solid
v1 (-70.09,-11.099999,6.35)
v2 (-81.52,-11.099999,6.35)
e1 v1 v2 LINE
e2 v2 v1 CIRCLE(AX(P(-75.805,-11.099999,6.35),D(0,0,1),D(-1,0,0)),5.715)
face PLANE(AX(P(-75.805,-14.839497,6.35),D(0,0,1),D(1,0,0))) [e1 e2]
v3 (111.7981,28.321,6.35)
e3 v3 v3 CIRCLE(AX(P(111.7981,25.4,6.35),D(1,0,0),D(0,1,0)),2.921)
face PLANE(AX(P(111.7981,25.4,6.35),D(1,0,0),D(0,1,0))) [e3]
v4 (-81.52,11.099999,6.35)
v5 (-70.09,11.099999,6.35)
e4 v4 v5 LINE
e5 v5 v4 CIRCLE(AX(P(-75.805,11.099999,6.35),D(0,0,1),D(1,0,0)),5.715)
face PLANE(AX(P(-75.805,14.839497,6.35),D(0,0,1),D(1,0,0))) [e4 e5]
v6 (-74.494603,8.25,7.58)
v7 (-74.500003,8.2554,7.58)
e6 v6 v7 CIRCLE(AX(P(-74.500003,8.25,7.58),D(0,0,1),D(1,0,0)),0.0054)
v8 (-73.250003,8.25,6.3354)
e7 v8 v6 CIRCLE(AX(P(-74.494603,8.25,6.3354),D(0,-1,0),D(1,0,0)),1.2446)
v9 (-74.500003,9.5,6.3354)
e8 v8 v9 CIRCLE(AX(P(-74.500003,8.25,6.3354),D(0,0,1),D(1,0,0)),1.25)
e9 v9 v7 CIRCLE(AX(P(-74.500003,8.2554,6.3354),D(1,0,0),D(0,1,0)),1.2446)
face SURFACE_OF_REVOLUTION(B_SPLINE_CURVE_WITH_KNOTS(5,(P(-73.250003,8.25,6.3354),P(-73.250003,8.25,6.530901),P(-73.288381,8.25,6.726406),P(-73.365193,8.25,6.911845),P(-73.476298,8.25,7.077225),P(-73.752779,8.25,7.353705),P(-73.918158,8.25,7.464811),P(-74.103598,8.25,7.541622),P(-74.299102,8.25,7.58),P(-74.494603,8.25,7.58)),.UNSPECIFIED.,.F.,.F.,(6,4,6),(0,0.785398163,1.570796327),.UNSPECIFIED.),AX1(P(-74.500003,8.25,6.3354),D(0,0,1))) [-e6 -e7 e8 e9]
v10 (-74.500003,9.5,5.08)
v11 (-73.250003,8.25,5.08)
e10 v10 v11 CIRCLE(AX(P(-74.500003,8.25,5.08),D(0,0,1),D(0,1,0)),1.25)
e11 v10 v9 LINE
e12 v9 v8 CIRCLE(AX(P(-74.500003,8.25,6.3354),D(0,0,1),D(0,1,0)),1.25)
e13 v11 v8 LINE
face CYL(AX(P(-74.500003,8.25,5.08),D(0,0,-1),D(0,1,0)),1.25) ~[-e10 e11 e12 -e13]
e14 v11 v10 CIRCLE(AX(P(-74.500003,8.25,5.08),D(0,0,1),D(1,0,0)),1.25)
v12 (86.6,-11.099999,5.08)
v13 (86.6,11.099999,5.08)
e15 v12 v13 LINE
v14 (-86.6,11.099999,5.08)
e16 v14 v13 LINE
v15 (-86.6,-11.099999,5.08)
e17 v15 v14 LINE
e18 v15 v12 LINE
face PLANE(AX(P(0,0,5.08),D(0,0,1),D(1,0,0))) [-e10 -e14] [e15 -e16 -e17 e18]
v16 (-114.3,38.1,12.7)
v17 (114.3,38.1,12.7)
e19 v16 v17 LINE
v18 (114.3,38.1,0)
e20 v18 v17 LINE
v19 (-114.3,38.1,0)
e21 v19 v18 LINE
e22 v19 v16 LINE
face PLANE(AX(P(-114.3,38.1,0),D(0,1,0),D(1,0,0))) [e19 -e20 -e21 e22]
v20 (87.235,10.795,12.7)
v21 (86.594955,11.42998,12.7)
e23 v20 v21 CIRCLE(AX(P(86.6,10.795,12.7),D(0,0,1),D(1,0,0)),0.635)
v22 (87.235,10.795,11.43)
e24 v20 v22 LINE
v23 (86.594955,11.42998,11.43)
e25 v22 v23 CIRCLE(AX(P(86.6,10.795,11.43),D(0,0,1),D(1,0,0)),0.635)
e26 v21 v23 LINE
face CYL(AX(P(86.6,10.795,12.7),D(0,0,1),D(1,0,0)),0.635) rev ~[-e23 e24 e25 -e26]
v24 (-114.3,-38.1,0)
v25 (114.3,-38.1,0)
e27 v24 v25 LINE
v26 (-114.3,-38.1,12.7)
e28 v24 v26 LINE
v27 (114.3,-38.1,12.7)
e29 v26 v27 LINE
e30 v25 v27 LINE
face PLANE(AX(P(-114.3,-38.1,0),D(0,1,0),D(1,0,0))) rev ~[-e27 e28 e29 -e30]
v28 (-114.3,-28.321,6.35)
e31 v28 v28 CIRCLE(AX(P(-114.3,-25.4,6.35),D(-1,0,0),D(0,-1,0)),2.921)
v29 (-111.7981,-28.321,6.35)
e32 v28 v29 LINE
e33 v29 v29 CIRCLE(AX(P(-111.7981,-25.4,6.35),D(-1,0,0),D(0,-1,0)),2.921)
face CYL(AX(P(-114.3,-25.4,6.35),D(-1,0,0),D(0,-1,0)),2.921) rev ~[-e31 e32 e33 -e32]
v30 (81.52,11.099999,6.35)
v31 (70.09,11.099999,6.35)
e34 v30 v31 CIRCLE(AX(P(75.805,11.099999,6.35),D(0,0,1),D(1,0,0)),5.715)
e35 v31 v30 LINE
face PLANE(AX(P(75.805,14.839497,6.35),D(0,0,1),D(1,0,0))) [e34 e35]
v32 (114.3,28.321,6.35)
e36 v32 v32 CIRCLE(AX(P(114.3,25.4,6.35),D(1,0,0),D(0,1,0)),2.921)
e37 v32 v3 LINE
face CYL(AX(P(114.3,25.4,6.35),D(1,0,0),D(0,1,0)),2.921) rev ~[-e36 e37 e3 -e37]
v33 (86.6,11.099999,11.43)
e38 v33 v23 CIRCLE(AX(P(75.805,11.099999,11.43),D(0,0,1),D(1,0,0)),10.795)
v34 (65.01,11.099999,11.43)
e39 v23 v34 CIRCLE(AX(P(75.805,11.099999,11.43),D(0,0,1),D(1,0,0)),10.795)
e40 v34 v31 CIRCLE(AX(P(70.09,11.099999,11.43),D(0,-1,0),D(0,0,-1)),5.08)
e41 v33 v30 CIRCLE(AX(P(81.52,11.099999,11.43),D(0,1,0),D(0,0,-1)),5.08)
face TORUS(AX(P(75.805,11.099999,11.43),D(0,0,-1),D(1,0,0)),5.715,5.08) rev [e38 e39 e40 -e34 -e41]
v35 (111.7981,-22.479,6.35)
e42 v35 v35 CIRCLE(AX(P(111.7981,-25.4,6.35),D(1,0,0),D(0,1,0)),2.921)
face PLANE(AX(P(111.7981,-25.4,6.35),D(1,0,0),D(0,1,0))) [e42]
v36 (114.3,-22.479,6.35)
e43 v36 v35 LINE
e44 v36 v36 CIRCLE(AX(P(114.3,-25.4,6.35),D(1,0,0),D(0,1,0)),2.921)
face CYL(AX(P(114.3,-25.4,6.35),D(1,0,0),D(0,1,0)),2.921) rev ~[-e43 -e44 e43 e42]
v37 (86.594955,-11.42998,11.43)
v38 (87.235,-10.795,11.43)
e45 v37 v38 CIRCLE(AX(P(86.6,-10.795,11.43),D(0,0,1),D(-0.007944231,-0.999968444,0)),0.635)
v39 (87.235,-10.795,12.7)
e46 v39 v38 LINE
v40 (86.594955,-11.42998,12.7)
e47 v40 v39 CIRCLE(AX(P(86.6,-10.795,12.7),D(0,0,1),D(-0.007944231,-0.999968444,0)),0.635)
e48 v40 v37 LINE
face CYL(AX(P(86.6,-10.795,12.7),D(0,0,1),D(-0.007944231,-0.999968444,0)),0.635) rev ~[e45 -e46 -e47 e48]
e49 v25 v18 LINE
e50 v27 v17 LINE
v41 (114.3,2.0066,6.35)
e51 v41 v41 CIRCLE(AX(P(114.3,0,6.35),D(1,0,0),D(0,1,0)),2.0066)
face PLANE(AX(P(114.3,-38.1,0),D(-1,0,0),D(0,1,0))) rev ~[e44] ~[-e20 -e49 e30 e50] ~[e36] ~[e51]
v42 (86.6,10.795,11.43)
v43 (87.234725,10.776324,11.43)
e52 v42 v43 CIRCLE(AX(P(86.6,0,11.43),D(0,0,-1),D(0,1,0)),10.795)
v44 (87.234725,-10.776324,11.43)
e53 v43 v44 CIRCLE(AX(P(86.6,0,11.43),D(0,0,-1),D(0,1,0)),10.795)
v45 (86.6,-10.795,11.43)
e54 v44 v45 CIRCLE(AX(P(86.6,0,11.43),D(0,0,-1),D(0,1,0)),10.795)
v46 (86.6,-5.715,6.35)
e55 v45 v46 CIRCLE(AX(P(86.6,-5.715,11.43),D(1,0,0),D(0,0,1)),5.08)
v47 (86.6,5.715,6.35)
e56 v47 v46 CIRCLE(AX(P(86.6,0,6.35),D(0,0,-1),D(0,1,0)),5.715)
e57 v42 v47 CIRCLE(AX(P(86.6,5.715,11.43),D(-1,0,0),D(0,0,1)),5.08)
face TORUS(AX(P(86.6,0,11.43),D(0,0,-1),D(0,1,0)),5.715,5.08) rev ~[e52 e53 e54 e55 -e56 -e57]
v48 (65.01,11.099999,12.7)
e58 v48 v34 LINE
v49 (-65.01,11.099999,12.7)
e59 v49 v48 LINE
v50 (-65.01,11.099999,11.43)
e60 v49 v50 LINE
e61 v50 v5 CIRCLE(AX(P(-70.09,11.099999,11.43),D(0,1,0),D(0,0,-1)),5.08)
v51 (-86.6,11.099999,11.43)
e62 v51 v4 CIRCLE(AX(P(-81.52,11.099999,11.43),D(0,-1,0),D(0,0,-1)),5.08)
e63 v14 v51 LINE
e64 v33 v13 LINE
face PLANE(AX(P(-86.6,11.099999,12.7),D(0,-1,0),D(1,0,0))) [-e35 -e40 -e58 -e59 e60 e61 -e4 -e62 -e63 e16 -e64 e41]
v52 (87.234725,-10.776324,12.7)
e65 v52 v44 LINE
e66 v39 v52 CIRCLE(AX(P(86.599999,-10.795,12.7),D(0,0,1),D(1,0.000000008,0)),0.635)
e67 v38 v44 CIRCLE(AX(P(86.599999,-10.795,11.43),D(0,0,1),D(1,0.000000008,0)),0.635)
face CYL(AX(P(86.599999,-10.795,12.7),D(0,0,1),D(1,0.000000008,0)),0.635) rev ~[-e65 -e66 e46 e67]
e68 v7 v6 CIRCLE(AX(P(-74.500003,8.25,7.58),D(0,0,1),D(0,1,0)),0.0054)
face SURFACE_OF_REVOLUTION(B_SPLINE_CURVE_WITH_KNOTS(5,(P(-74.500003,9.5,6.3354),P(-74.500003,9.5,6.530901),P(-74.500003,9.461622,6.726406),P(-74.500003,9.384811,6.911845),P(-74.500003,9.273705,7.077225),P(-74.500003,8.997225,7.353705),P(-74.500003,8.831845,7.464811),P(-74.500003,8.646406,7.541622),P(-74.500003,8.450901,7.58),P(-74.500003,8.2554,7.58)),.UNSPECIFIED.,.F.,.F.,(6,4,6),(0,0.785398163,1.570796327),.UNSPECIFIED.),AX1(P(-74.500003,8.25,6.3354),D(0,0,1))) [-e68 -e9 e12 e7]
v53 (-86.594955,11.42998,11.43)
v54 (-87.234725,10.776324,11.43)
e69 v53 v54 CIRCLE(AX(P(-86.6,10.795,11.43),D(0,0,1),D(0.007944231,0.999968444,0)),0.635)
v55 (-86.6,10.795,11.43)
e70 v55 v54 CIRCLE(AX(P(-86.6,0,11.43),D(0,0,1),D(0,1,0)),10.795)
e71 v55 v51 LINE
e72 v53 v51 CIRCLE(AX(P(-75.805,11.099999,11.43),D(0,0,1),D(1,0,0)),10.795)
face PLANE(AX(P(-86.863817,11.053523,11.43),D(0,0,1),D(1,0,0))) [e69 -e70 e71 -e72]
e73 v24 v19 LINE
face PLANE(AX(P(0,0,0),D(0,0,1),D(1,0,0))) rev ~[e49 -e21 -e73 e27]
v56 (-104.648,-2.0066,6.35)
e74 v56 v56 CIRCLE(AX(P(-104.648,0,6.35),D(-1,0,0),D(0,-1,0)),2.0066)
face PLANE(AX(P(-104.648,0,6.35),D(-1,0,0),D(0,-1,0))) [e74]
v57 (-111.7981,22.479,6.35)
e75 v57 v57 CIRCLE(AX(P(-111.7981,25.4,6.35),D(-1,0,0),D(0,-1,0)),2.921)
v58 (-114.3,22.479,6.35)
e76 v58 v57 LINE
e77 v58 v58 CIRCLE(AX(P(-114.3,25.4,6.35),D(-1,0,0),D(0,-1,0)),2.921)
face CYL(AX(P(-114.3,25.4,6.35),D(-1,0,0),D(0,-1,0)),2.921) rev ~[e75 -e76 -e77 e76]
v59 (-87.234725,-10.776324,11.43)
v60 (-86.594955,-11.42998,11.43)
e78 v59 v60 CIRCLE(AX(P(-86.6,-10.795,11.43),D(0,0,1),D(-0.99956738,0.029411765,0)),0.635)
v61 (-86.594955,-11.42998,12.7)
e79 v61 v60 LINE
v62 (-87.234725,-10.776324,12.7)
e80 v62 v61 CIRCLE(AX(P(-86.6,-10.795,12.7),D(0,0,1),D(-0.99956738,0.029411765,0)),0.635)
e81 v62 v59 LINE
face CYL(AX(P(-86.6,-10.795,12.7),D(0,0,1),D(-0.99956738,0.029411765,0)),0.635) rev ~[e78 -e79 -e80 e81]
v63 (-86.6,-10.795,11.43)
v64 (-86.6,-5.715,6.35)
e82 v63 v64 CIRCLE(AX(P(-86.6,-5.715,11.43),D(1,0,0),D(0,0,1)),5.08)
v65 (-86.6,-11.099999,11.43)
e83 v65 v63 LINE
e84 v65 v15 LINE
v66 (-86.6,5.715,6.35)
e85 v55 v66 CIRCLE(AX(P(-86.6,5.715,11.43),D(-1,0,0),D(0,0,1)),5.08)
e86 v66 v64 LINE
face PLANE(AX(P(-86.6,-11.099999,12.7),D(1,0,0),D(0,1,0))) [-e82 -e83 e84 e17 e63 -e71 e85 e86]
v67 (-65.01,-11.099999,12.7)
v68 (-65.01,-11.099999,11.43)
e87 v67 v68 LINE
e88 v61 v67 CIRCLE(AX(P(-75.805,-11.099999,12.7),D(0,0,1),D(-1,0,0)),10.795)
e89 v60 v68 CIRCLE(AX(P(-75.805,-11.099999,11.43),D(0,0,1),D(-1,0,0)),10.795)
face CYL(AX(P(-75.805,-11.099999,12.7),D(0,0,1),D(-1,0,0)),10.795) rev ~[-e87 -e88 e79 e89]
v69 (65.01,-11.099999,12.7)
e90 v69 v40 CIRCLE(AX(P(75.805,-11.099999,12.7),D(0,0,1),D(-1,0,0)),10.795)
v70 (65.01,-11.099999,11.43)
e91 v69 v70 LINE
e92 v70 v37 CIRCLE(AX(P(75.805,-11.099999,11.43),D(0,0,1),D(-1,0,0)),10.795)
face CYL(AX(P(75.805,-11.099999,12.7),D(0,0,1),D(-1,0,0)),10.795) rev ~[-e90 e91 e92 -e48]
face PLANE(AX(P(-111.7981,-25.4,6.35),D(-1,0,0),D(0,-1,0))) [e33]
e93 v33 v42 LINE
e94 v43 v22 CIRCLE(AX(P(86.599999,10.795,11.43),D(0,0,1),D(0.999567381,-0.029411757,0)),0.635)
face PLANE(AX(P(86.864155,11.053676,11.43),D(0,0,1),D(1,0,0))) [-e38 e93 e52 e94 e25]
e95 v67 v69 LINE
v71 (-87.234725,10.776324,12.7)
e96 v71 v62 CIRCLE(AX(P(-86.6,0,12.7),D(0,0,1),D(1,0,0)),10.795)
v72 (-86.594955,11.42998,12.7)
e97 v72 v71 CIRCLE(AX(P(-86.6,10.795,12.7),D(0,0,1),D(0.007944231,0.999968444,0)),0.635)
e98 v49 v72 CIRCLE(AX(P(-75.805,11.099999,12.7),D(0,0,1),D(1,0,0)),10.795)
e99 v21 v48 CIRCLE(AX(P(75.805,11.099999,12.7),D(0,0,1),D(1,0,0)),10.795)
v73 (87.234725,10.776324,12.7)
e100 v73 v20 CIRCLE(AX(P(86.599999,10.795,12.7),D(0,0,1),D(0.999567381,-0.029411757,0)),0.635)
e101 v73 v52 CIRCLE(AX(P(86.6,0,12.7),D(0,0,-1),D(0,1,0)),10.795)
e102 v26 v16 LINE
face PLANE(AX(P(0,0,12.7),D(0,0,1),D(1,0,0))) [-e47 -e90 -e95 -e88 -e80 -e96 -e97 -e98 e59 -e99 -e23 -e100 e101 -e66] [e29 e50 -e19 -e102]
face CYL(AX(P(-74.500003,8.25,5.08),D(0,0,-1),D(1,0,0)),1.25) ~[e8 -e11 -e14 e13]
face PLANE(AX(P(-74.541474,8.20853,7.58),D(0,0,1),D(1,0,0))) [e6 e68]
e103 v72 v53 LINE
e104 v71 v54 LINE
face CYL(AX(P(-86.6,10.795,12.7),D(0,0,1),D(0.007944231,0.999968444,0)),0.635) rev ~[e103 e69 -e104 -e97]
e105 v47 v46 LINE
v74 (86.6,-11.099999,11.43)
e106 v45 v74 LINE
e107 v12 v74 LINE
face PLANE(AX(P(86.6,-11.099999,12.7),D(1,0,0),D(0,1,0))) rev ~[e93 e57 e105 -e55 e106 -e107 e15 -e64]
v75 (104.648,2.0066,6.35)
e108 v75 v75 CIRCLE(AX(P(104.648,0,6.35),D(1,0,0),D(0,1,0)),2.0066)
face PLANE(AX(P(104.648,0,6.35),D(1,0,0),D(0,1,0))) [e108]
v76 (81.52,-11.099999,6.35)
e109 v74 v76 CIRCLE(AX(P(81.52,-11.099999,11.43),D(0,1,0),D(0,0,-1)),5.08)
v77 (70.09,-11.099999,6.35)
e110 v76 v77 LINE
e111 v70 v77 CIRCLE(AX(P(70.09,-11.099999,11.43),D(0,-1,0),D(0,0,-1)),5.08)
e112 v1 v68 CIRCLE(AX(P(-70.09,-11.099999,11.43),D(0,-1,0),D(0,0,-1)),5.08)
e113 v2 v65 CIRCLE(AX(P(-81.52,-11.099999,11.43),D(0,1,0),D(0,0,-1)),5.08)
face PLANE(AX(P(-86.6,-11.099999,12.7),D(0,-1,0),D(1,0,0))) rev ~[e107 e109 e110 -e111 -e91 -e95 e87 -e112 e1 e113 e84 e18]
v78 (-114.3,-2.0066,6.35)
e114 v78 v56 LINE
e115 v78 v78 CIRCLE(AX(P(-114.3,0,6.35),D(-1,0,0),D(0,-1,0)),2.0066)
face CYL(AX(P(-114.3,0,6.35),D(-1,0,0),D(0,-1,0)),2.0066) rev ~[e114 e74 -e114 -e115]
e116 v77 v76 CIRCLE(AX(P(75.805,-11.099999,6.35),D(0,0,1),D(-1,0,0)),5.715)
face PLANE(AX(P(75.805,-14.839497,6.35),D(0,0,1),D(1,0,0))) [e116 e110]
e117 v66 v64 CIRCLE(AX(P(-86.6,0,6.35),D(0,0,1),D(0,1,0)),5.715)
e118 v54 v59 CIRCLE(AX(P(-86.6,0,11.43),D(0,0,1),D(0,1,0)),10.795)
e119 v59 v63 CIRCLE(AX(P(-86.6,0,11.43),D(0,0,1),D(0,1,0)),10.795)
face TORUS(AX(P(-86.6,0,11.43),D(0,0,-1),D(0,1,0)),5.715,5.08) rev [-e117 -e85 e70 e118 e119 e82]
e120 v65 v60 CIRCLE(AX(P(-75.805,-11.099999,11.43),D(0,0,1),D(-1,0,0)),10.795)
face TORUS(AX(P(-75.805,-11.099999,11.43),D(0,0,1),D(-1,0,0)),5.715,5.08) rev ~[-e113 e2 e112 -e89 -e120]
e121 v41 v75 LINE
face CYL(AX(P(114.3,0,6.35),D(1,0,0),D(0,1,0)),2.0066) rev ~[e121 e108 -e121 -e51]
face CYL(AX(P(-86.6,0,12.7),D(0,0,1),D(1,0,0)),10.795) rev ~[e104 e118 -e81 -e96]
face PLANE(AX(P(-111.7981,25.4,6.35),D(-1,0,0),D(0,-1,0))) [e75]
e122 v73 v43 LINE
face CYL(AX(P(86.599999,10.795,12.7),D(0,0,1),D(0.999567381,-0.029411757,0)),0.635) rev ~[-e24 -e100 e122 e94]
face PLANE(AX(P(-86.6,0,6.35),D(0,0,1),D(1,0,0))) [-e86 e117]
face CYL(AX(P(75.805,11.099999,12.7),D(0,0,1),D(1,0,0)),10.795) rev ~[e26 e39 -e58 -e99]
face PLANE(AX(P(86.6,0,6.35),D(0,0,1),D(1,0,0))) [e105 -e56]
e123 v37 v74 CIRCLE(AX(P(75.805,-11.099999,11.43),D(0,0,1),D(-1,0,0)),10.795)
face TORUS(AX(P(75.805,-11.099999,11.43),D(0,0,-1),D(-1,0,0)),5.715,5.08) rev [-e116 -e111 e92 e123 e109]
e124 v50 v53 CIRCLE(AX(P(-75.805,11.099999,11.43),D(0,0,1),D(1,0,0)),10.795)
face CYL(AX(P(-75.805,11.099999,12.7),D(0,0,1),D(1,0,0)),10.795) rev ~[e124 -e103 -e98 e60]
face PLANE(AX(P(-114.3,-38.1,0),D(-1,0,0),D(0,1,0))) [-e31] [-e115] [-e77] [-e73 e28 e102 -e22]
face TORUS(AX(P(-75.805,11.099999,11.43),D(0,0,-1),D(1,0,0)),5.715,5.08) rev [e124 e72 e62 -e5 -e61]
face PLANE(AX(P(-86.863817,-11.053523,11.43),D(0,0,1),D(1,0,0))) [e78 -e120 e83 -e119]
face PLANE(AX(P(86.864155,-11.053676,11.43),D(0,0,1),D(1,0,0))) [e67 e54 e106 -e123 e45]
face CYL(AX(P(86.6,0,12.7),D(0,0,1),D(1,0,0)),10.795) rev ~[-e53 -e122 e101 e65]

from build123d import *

# Parameters (mm, degrees)
F0_W      = 228.6
F0_H      = 76.2
F1_DEPTH  = 12.7
F2_W      = 173.19999904
F2_H      = 22.19999878
F3_DEPTH  = 7.62
F4_R      = 10.795
F5_DEPTH  = 6.35
F7_DEPTH  = 6.35
F8_R      = 2.0066
F9_DEPTH  = 9.652
F10_R     = 2.0066
F11_DEPTH = 9.652
F12_R     = 2.921
F13_DEPTH = 2.5019
F14_R     = 2.921
F15_DEPTH = 2.5019
F16_R     = 5.08
F18_DEPTH = 2.50000008
F19_R     = 1.2446
F21_DEPTH = 1.27


with BuildPart() as f1:
    # F0 (on Top) → F1 (new body)
    with BuildSketch(Plane.XY):
        Rectangle(F0_W, F0_H)
    extrude(amount=F1_DEPTH)

    # F2 (on face) → F3 (cut)
    with BuildSketch(Plane.XY.offset(12.7)):
        Rectangle(F2_W, F2_H)
    extrude(amount=-F3_DEPTH, mode=Mode.SUBTRACT)

    # F4 (on face) → F5 (cut)
    with BuildSketch(Plane.XY.offset(12.7)):
        with Locations((-86.59999952, 0)):
            Circle(F4_R)
        with Locations((86.59999952, 0)):
            Circle(F4_R)
    extrude(amount=-F5_DEPTH, mode=Mode.SUBTRACT)

    # F6 (on face) → F7 (cut)
    with BuildSketch(Plane.XY.offset(12.7)):
        with BuildLine():
            Line((-75.80499952, -11.09999939), (-86.59999952, -11.09999939))
            ThreePointArc((-86.59999952, -11.09999939), (-75.80499952, -21.89499939), (-65.00999952, -11.09999939))
            Line((-65.00999952, -11.09999939), (-75.80499952, -11.09999939))
        make_face()
        with BuildLine():
            ThreePointArc((86.59999952, 11.09999939), (75.80499952, 21.89499939), (65.00999952, 11.09999939))
            Line((65.00999952, 11.09999939), (75.80499952, 11.09999939))
            Line((75.80499952, 11.09999939), (86.59999952, 11.09999939))
        make_face()
        with BuildLine():
            Line((75.80499952, -11.09999939), (65.00999952, -11.09999939))
            ThreePointArc((65.00999952, -11.09999939), (75.80499952, -21.89499939), (86.59999952, -11.09999939))
            Line((86.59999952, -11.09999939), (75.80499952, -11.09999939))
        make_face()
        with BuildLine():
            ThreePointArc((-65.00999952, 11.09999939), (-75.80499952, 21.89499939), (-86.59999952, 11.09999939))
            Line((-86.59999952, 11.09999939), (-75.80499952, 11.09999939))
            Line((-75.80499952, 11.09999939), (-65.00999952, 11.09999939))
        make_face()
    extrude(amount=-F7_DEPTH, mode=Mode.SUBTRACT)

    # F8 (on face) → F9 (cut)
    with BuildSketch(Plane(origin=(-114.3, 0, 0), x_dir=(0, -1, 0), z_dir=(-1, 0, 0))):
        with Locations((0, 6.35)):
            Circle(F8_R)
    extrude(amount=-F9_DEPTH, mode=Mode.SUBTRACT)

    # F10 (on face) → F11 (cut)
    with BuildSketch(Plane.YZ.offset(114.3)):
        with Locations((0, 6.35)):
            Circle(F10_R)
    extrude(amount=-F11_DEPTH, mode=Mode.SUBTRACT)

    # F12 (on face) → F13 (cut)
    with BuildSketch(Plane(origin=(-114.3, 0, 0), x_dir=(0, -1, 0), z_dir=(-1, 0, 0))):
        with Locations((-25.4, 6.35)):
            Circle(F12_R)
        with Locations((25.4, 6.35)):
            Circle(F12_R)
    extrude(amount=-F13_DEPTH, mode=Mode.SUBTRACT)

    # F14 (on face) → F15 (cut)
    with BuildSketch(Plane.YZ.offset(114.3)):
        with Locations((-25.4, 6.35)):
            Circle(F14_R)
        with Locations((25.4, 6.35)):
            Circle(F14_R)
    extrude(amount=-F15_DEPTH, mode=Mode.SUBTRACT)

    # F16 (call 1 of 6: OpenCascade refuses the feature's edges together)
    f16_edges = [f1.edges().sort_by_distance(p)[0] for p in [
        (-97.395, 0, 6.35),
    ]]
    fillet(f16_edges, radius=F16_R)

    # F16#2 (call 2 of 6)
    f16_2_edges = [f1.edges().sort_by_distance(p)[0] for p in [
        (-75.805, 21.894999, 6.35),
    ]]
    fillet(f16_2_edges, radius=F16_R)

    # F16#3 (call 3 of 6)
    f16_3_edges = [f1.edges().sort_by_distance(p)[0] for p in [
        (-75.805, -21.894999, 6.35),
    ]]
    fillet(f16_3_edges, radius=F16_R)

    # F16#4 (call 4 of 6)
    f16_4_edges = [f1.edges().sort_by_distance(p)[0] for p in [
        (75.805, 21.894999, 6.35),
    ]]
    fillet(f16_4_edges, radius=F16_R)

    # F16#5 (call 5 of 6)
    f16_5_edges = [f1.edges().sort_by_distance(p)[0] for p in [
        (97.395, 0, 6.35),
    ]]
    fillet(f16_5_edges, radius=F16_R)

    # F16#6 (call 6 of 6)
    f16_6_edges = [f1.edges().sort_by_distance(p)[0] for p in [
        (75.805, -21.894999, 6.35),
    ]]
    fillet(f16_6_edges, radius=F16_R)

    # F17 (on face) → F18 (join)
    with BuildSketch(Plane.XY.offset(5.08)):
        with BuildLine():
            Line((-74.5000034, 8.25000001), (-74.5000034, 9.50000005))
            ThreePointArc((-74.5000034, 9.50000005), (-75.3838869048, 7.3661165052), (-73.25000336, 8.25000001))
            Line((-73.25000336, 8.25000001), (-74.5000034, 8.25000001))
        make_face()
        with BuildLine():
            ThreePointArc((-73.25000336, 8.25000001), (-73.6161198952, 9.1338835148), (-74.5000034, 9.50000005))
            Line((-74.5000034, 9.50000005), (-74.5000034, 8.25000001))
            Line((-74.5000034, 8.25000001), (-73.25000336, 8.25000001))
        make_face()
    extrude(amount=F18_DEPTH)

    # F19
    f19_edges = [f1.edges().sort_by_distance(p)[0] for p in [
        (-75.750003, 8.25, 7.58),
    ]]
    fillet(f19_edges, radius=F19_R)

    # F20 (on face) → F21 (cut)
    with BuildSketch(Plane.XY.offset(12.7)):
        with BuildLine():
            ThreePointArc((-86.59999952, 11.09999939), (-86.5987382997, 11.2650089547), (-86.5949549334, 11.429979962))
            ThreePointArc((-86.5949549334, 11.429979962), (-87.0538068899, 11.2391664903), (-87.2347248066, 10.7763235294))
            ThreePointArc((-87.2347248066, 10.7763235294), (-86.91749952, 10.7903298722), (-86.59999952, 10.795))
            Line((-86.59999952, 10.795), (-86.59999952, 11.09999939))
        make_face()
        with BuildLine():
            ThreePointArc((-86.59999952, -10.795), (-86.91749952, -10.7903298722), (-87.2347248066, -10.7763235294))
            ThreePointArc((-87.2347248066, -10.7763235294), (-87.0538068899, -11.2391664903), (-86.5949549334, -11.429979962))
            ThreePointArc((-86.5949549334, -11.429979962), (-86.5987382997, -11.2650089547), (-86.59999952, -11.09999939))
            Line((-86.59999952, -11.09999939), (-86.59999952, -10.795))
        make_face()
        with BuildLine():
            ThreePointArc((87.23499952, 10.795), (87.047225239, 11.2457928086), (86.5949549334, 11.429979962))
            ThreePointArc((86.5949549334, 11.429979962), (86.5987382997, 11.2650089547), (86.59999952, 11.09999939))
            Line((86.59999952, 11.09999939), (86.59999952, 10.795))
            ThreePointArc((86.59999952, 10.795), (86.91749952, 10.7903298722), (87.2347248066, 10.7763235294))
            ThreePointArc((87.2347248066, 10.7763235294), (87.2349308379, 10.7856607546), (87.23499952, 10.795))
        make_face()
        with BuildLine():
            ThreePointArc((87.23499952, -10.795), (87.2349308379, -10.7856607546), (87.2347248066, -10.7763235294))
            ThreePointArc((87.2347248066, -10.7763235294), (86.91749952, -10.7903298722), (86.59999952, -10.795))
            Line((86.59999952, -10.795), (86.59999952, -11.09999939))
            ThreePointArc((86.59999952, -11.09999939), (86.5987382997, -11.2650089547), (86.5949549334, -11.429979962))
            ThreePointArc((86.5949549334, -11.429979962), (87.047225239, -11.2457928086), (87.23499952, -10.795))
        make_face()
    extrude(amount=-F21_DEPTH, mode=Mode.SUBTRACT)


solid = f1.part
